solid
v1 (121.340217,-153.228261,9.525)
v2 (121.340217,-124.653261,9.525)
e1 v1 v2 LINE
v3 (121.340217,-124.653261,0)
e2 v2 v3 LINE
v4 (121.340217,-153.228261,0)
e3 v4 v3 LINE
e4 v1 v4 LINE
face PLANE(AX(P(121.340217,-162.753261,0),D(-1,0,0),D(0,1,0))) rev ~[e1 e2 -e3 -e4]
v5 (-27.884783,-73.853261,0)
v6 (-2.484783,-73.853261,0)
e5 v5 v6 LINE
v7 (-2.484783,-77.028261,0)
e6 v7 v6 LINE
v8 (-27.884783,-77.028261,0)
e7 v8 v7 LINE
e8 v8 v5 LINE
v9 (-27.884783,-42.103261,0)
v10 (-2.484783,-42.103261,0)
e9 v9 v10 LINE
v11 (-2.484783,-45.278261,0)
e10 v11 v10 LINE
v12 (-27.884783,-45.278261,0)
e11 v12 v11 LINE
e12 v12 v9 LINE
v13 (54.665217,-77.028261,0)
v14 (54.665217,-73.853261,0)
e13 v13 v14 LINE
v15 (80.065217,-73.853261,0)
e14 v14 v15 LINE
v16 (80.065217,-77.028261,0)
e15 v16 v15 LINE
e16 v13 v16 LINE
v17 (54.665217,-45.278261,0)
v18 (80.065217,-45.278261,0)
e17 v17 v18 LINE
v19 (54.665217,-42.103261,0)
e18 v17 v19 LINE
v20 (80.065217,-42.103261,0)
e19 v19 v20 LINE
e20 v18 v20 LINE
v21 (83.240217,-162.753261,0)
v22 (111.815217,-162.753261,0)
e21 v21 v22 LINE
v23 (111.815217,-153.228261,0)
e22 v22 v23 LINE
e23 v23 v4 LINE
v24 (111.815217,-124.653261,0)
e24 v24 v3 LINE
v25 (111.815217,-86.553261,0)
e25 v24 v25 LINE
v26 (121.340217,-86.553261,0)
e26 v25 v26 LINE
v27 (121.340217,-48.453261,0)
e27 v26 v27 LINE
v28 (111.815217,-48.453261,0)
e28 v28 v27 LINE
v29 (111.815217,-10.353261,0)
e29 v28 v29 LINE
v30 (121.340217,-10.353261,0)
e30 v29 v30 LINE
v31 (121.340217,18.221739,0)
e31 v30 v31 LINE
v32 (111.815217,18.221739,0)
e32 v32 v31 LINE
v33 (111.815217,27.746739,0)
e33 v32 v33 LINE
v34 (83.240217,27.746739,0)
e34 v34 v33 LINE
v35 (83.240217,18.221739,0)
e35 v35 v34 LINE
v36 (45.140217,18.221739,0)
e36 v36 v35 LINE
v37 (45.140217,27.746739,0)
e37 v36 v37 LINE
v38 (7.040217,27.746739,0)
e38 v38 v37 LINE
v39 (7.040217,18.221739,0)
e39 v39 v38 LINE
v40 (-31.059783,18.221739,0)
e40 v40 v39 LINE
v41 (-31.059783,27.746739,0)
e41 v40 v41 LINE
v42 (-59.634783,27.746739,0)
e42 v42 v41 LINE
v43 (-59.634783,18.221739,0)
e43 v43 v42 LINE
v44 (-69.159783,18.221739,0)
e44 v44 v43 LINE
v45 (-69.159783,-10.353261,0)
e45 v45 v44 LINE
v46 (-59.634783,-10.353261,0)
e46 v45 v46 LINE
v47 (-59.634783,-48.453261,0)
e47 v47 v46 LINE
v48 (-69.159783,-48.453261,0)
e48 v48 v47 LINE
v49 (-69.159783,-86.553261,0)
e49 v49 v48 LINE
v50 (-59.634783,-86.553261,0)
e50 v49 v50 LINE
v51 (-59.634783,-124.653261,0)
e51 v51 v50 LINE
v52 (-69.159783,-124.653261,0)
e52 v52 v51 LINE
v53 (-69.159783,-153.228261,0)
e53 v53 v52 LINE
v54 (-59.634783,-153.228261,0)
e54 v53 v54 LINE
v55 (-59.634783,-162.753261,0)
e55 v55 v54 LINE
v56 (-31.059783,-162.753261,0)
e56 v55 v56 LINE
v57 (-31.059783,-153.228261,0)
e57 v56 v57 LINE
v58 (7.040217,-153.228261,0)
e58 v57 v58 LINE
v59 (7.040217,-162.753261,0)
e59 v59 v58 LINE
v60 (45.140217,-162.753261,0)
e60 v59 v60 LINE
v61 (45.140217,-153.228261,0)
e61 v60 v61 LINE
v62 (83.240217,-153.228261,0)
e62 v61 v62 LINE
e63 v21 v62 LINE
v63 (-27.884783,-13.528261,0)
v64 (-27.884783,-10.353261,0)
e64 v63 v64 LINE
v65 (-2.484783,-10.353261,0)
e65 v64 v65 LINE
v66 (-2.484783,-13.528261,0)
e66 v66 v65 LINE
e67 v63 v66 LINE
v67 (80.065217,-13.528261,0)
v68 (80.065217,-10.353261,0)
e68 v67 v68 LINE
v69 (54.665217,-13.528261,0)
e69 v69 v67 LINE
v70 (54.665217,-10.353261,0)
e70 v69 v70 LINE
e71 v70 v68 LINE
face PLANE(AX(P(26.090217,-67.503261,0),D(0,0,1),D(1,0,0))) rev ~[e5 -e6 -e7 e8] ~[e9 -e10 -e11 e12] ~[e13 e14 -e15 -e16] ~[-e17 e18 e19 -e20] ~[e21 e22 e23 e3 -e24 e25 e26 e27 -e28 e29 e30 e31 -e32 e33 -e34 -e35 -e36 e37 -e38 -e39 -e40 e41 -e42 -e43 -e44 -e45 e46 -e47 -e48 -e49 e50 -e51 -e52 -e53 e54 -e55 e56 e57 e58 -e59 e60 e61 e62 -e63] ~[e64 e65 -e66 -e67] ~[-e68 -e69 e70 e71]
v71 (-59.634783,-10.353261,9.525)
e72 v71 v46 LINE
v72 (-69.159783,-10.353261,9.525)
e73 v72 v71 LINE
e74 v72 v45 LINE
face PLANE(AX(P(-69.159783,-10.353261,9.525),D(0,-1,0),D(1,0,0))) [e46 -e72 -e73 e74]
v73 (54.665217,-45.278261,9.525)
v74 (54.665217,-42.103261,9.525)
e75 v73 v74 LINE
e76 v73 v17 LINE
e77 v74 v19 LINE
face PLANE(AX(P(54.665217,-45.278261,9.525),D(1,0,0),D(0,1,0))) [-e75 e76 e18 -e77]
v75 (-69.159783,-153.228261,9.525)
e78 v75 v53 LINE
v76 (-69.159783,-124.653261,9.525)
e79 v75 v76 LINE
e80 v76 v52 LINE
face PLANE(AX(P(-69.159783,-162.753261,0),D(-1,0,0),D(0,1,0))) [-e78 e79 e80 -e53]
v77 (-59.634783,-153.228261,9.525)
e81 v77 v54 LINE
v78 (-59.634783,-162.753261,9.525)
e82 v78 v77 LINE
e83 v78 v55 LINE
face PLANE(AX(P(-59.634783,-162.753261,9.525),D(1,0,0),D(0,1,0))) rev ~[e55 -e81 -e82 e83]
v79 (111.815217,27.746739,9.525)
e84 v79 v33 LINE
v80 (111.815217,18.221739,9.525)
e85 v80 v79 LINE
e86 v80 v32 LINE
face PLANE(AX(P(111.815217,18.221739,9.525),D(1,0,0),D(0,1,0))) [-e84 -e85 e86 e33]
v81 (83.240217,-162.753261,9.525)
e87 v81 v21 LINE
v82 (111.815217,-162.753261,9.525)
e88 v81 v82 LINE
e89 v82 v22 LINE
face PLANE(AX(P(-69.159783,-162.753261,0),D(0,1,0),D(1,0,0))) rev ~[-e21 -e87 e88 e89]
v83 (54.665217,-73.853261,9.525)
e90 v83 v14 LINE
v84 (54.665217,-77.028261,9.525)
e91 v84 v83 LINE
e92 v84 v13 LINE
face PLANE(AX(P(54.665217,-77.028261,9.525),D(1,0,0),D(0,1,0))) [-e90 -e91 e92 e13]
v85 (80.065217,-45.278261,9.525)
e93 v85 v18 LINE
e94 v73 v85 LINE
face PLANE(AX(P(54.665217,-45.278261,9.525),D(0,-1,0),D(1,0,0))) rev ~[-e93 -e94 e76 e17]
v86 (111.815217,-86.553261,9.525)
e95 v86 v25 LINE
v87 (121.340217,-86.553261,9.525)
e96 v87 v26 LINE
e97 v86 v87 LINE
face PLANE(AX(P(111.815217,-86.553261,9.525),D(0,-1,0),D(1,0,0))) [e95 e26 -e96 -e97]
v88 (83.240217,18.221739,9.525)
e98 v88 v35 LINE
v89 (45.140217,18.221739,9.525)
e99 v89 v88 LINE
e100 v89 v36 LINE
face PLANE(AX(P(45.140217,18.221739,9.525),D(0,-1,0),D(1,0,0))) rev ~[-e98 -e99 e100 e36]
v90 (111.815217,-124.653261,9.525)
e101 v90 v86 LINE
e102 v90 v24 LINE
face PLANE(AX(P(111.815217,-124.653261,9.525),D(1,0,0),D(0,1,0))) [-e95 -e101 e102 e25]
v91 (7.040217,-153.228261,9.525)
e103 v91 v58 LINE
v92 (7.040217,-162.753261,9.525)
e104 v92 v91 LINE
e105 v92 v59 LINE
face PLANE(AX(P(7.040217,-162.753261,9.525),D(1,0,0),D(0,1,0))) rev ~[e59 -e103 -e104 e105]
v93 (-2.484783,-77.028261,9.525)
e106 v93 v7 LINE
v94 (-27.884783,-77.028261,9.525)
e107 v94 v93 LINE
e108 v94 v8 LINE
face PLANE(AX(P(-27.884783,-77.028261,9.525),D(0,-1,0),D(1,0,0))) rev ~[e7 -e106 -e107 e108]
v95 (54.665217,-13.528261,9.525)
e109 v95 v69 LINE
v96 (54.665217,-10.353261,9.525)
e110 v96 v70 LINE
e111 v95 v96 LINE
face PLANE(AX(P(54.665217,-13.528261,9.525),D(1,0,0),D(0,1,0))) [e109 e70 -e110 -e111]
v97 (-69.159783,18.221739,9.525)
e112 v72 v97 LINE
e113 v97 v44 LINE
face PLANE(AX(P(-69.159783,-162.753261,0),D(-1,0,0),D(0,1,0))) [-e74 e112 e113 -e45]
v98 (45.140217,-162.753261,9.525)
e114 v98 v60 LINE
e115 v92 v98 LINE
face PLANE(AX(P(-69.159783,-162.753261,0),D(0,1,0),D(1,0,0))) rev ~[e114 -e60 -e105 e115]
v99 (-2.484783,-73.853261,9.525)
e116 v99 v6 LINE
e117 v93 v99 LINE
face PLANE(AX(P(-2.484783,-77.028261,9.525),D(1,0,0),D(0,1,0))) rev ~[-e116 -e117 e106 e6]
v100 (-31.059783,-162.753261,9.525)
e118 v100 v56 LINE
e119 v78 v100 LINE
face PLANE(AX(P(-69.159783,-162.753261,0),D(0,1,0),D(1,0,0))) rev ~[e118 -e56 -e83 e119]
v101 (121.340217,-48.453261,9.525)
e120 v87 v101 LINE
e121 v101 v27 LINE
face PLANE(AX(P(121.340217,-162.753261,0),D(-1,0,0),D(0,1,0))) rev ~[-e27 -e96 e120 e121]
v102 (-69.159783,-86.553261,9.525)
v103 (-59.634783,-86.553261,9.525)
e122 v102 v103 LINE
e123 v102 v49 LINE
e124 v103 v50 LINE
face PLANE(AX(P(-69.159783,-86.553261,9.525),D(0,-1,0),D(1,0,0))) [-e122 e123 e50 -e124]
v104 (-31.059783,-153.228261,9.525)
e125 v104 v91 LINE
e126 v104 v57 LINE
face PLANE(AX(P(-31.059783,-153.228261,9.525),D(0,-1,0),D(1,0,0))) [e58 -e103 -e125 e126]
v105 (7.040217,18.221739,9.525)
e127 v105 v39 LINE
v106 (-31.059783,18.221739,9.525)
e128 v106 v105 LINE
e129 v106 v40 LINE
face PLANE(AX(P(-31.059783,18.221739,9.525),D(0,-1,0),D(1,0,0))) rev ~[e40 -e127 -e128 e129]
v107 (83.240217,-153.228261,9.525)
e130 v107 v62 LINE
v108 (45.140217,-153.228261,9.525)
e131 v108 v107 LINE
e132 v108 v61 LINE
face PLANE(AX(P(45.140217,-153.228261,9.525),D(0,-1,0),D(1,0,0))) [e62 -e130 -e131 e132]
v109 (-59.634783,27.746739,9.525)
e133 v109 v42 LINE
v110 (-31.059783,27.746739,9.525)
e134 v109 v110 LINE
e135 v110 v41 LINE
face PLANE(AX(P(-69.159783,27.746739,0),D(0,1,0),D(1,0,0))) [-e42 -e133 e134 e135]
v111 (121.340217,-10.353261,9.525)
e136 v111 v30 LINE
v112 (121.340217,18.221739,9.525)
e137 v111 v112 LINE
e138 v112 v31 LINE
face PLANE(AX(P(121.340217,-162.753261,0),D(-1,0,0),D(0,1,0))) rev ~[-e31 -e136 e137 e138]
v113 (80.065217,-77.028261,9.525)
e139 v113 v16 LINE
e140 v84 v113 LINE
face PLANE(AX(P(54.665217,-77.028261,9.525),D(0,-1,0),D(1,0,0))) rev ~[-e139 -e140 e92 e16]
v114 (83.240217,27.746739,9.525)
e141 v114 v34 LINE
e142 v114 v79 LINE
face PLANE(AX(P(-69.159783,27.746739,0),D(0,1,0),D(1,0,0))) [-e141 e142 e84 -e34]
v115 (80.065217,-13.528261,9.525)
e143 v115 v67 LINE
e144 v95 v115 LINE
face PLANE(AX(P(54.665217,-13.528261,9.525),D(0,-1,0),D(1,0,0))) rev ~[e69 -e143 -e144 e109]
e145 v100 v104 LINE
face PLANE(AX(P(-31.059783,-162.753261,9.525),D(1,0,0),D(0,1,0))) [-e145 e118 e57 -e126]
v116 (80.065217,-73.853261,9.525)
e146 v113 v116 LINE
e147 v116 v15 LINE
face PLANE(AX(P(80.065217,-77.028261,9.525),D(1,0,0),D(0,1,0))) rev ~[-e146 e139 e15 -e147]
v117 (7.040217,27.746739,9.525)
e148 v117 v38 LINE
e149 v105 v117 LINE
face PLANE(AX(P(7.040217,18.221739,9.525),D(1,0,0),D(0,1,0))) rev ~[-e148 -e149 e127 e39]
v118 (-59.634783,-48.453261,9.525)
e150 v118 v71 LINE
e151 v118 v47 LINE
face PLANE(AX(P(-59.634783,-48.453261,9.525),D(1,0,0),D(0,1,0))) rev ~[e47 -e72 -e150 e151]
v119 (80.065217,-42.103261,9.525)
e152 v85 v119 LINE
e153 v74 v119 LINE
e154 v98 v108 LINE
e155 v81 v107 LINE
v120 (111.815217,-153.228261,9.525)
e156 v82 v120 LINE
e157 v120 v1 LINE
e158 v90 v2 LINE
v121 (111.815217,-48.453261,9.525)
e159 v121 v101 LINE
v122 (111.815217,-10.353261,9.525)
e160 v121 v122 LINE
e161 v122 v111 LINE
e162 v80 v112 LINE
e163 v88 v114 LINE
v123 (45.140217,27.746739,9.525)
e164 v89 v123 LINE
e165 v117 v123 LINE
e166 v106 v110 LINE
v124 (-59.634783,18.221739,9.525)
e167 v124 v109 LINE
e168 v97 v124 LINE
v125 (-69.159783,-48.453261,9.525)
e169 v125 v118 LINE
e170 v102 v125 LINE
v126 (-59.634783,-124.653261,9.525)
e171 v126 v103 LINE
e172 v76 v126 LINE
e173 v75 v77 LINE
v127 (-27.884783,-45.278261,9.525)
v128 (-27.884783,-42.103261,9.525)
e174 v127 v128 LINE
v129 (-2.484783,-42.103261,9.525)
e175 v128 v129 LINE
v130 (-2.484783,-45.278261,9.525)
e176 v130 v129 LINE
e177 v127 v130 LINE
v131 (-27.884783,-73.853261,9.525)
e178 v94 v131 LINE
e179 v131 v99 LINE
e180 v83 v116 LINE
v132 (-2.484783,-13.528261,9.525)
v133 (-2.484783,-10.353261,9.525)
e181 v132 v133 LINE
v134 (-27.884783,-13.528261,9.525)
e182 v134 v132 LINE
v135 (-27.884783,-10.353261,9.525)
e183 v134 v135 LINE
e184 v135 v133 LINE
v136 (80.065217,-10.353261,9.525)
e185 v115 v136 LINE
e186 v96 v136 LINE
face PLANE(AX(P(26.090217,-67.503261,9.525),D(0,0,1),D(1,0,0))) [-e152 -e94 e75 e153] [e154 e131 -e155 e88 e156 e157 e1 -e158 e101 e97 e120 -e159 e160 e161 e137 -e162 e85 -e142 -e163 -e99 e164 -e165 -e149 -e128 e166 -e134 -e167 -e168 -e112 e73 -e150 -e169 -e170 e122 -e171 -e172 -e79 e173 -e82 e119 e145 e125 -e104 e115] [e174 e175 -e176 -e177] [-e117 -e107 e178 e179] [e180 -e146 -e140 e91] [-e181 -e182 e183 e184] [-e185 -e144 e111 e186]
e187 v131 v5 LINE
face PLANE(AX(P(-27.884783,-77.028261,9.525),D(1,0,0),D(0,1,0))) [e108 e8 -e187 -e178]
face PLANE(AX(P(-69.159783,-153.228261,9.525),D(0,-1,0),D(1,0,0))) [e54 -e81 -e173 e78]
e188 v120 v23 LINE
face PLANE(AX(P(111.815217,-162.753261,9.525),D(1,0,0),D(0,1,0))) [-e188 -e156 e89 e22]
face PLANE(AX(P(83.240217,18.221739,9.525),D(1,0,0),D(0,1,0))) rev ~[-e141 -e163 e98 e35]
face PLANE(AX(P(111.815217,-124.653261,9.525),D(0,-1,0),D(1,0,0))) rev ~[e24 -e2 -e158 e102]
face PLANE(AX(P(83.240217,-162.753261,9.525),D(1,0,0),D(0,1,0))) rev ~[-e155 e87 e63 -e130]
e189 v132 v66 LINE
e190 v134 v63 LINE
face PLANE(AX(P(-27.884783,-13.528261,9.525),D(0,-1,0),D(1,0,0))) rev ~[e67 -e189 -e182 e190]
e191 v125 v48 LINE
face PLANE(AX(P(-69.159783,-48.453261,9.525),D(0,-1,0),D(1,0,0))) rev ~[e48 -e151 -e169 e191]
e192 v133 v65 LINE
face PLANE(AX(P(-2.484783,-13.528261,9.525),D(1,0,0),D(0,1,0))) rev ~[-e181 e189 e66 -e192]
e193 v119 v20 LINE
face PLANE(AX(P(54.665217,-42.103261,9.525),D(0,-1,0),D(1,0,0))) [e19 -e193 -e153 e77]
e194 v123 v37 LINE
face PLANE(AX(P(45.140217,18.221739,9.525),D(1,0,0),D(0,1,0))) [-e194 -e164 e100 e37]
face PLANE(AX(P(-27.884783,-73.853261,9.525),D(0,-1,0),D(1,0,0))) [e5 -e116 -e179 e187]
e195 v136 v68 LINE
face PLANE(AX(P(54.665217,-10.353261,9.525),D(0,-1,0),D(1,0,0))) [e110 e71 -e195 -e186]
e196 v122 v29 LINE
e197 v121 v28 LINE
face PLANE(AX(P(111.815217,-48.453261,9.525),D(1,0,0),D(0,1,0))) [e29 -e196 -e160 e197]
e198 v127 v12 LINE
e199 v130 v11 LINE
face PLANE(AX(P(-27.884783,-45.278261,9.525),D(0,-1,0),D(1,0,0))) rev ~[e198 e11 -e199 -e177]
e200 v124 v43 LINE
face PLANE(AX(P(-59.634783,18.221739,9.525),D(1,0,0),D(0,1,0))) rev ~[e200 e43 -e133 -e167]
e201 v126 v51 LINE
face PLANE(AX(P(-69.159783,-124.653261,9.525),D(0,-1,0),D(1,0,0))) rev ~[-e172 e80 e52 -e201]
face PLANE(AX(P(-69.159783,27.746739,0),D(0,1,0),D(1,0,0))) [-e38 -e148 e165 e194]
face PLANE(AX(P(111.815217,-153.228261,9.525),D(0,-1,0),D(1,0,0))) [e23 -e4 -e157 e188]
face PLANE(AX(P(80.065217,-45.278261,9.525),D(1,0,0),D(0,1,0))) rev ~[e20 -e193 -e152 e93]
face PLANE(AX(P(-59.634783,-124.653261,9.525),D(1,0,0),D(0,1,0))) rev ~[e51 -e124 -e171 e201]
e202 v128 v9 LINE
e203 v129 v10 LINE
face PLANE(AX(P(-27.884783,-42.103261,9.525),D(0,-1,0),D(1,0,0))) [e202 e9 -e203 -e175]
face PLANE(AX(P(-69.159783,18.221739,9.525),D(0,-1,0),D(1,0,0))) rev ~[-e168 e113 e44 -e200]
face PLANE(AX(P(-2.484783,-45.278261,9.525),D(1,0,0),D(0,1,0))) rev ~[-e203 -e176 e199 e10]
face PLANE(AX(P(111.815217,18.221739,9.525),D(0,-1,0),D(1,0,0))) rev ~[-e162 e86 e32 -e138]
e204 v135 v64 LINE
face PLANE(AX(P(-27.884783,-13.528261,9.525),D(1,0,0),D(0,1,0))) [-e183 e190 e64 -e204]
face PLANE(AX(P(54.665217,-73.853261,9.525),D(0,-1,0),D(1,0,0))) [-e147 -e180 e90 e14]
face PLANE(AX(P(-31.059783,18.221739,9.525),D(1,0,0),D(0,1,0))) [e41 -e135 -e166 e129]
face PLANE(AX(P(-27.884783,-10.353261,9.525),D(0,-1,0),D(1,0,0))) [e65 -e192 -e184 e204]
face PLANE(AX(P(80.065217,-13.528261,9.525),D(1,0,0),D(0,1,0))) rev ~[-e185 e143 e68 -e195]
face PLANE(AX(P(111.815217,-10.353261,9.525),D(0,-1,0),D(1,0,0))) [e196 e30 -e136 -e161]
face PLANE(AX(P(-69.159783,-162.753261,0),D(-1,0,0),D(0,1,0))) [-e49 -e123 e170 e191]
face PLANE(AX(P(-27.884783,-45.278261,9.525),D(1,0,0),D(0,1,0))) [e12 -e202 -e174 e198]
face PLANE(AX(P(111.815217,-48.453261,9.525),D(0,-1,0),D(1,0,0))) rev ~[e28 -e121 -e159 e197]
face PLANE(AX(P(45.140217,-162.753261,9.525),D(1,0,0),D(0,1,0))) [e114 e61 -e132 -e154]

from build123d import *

# Parameters (mm, degrees)
SKETCH1_W           = 190.5
SKETCH1_H           = 190.5
BOSS_EXTRUDE2_DEPTH = 9.525
SKETCH2_W           = 38.1
SKETCH2_H           = 9.525
CUT_EXTRUDE1_DEPTH  = 9.525
SKETCH3_W           = 38.1
SKETCH3_H           = 9.525
CUT_EXTRUDE2_DEPTH  = 9.525
SKETCH4_W           = 9.525
SKETCH4_H           = 38.1
CUT_EXTRUDE3_DEPTH  = 9.525
SKETCH5_W           = 9.525
SKETCH5_H           = 38.1
CUT_EXTRUDE4_DEPTH  = 9.525
SKETCH6_W           = 38.1
SKETCH6_H           = 9.525
CUT_EXTRUDE5_DEPTH  = 9.525
SKETCH7_W           = 38.1
SKETCH7_H           = 9.525
CUT_EXTRUDE6_DEPTH  = 9.525
SKETCH8_W           = 9.525
SKETCH8_H           = 38.1
CUT_EXTRUDE7_DEPTH  = 9.525
SKETCH9_W           = 9.525
SKETCH9_H           = 38.1
CUT_EXTRUDE8_DEPTH  = 9.525
SKETCH10_W          = 9.525
SKETCH10_H          = 9.525
CUT_EXTRUDE9_DEPTH  = 9.525
SKETCH11_W          = 9.525
SKETCH11_H          = 9.525
CUT_EXTRUDE10_DEPTH = 9.525
SKETCH12_W          = 9.525
SKETCH12_H          = 9.525
CUT_EXTRUDE11_DEPTH = 9.525
SKETCH13_W          = 9.525
SKETCH13_H          = 9.525
CUT_EXTRUDE12_DEPTH = 9.525
SKETCH14_W          = 25.4
SKETCH14_H          = 3.175
CUT_EXTRUDE13_DEPTH = 204.230898008


with BuildPart() as part:
    # Sketch1 → Boss-Extrude2 (new body)
    with BuildSketch(Plane.XY):
        with Locations((26.090217391, -67.50326087)):
            Rectangle(SKETCH1_W, SKETCH1_H)
    extrude(amount=BOSS_EXTRUDE2_DEPTH)

    # Sketch2 → Cut-Extrude1 (cut)
    with BuildSketch(Plane.XY.offset(9.525)):
        with Locations((-12.009782609, 22.98423913)):
            Rectangle(SKETCH2_W, SKETCH2_H)
    extrude(amount=-CUT_EXTRUDE1_DEPTH, mode=Mode.SUBTRACT)

    # Sketch3 → Cut-Extrude2 (cut)
    with BuildSketch(Plane.XY.offset(9.525)):
        with Locations((64.190217391, 22.98423913)):
            Rectangle(SKETCH3_W, SKETCH3_H)
    extrude(amount=-CUT_EXTRUDE2_DEPTH, mode=Mode.SUBTRACT)

    # Sketch4 → Cut-Extrude3 (cut)
    with BuildSketch(Plane.XY.offset(9.525)):
        with Locations((116.577717391, -29.40326087)):
            Rectangle(SKETCH4_W, SKETCH4_H)
    extrude(amount=-CUT_EXTRUDE3_DEPTH, mode=Mode.SUBTRACT)

    # Sketch5 → Cut-Extrude4 (cut)
    with BuildSketch(Plane.XY.offset(9.525)):
        with Locations((116.577717391, -105.60326087)):
            Rectangle(SKETCH5_W, SKETCH5_H)
    extrude(amount=-CUT_EXTRUDE4_DEPTH, mode=Mode.SUBTRACT)

    # Sketch6 → Cut-Extrude5 (cut)
    with BuildSketch(Plane.XY.offset(9.525)):
        with Locations((64.190217391, -157.99076087)):
            Rectangle(SKETCH6_W, SKETCH6_H)
    extrude(amount=-CUT_EXTRUDE5_DEPTH, mode=Mode.SUBTRACT)

    # Sketch7 → Cut-Extrude6 (cut)
    with BuildSketch(Plane.XY.offset(9.525)):
        with Locations((-12.009782609, -157.99076087)):
            Rectangle(SKETCH7_W, SKETCH7_H)
    extrude(amount=-CUT_EXTRUDE6_DEPTH, mode=Mode.SUBTRACT)

    # Sketch8 → Cut-Extrude7 (cut)
    with BuildSketch(Plane.XY.offset(9.525)):
        with Locations((-64.397282609, -105.60326087)):
            Rectangle(SKETCH8_W, SKETCH8_H)
    extrude(amount=-CUT_EXTRUDE7_DEPTH, mode=Mode.SUBTRACT)

    # Sketch9 → Cut-Extrude8 (cut)
    with BuildSketch(Plane.XY.offset(9.525)):
        with Locations((-64.397282609, -29.40326087)):
            Rectangle(SKETCH9_W, SKETCH9_H)
    extrude(amount=-CUT_EXTRUDE8_DEPTH, mode=Mode.SUBTRACT)

    # Sketch10 → Cut-Extrude9 (cut)
    with BuildSketch(Plane.XY.offset(9.525)):
        with Locations((-64.397282609, -157.99076087)):
            Rectangle(SKETCH10_W, SKETCH10_H)
    extrude(amount=-CUT_EXTRUDE9_DEPTH, mode=Mode.SUBTRACT)

    # Sketch11 → Cut-Extrude10 (cut)
    with BuildSketch(Plane.XY.offset(9.525)):
        with Locations((-64.397282609, 22.98423913)):
            Rectangle(SKETCH11_W, SKETCH11_H)
    extrude(amount=-CUT_EXTRUDE10_DEPTH, mode=Mode.SUBTRACT)

    # Sketch12 → Cut-Extrude11 (cut)
    with BuildSketch(Plane.XY.offset(9.525)):
        with Locations((116.577717391, 22.98423913)):
            Rectangle(SKETCH12_W, SKETCH12_H)
    extrude(amount=-CUT_EXTRUDE11_DEPTH, mode=Mode.SUBTRACT)

    # Sketch13 → Cut-Extrude12 (cut)
    with BuildSketch(Plane.XY.offset(9.525)):
        with Locations((116.577717391, -157.99076087)):
            Rectangle(SKETCH13_W, SKETCH13_H)
    extrude(amount=-CUT_EXTRUDE12_DEPTH, mode=Mode.SUBTRACT)

    # Sketch14 → Cut-Extrude13 (cut, through all)
    with BuildSketch(Plane.XY.offset(9.525)):
        with Locations((67.365217391, -11.94076087)):
            Rectangle(SKETCH14_W, SKETCH14_H)
        with Locations((-15.184782609, -11.94076087)):
            Rectangle(SKETCH14_W, SKETCH14_H)
        with Locations((67.365217391, -43.69076087)):
            Rectangle(SKETCH14_W, SKETCH14_H)
        with Locations((-15.184782609, -43.69076087)):
            Rectangle(SKETCH14_W, SKETCH14_H)
        with Locations((67.365217391, -75.44076087)):
            Rectangle(SKETCH14_W, SKETCH14_H)
        with Locations((-15.184782609, -75.44076087)):
            Rectangle(SKETCH14_W, SKETCH14_H)
    extrude(amount=-CUT_EXTRUDE13_DEPTH, mode=Mode.SUBTRACT)


solid = part.part
